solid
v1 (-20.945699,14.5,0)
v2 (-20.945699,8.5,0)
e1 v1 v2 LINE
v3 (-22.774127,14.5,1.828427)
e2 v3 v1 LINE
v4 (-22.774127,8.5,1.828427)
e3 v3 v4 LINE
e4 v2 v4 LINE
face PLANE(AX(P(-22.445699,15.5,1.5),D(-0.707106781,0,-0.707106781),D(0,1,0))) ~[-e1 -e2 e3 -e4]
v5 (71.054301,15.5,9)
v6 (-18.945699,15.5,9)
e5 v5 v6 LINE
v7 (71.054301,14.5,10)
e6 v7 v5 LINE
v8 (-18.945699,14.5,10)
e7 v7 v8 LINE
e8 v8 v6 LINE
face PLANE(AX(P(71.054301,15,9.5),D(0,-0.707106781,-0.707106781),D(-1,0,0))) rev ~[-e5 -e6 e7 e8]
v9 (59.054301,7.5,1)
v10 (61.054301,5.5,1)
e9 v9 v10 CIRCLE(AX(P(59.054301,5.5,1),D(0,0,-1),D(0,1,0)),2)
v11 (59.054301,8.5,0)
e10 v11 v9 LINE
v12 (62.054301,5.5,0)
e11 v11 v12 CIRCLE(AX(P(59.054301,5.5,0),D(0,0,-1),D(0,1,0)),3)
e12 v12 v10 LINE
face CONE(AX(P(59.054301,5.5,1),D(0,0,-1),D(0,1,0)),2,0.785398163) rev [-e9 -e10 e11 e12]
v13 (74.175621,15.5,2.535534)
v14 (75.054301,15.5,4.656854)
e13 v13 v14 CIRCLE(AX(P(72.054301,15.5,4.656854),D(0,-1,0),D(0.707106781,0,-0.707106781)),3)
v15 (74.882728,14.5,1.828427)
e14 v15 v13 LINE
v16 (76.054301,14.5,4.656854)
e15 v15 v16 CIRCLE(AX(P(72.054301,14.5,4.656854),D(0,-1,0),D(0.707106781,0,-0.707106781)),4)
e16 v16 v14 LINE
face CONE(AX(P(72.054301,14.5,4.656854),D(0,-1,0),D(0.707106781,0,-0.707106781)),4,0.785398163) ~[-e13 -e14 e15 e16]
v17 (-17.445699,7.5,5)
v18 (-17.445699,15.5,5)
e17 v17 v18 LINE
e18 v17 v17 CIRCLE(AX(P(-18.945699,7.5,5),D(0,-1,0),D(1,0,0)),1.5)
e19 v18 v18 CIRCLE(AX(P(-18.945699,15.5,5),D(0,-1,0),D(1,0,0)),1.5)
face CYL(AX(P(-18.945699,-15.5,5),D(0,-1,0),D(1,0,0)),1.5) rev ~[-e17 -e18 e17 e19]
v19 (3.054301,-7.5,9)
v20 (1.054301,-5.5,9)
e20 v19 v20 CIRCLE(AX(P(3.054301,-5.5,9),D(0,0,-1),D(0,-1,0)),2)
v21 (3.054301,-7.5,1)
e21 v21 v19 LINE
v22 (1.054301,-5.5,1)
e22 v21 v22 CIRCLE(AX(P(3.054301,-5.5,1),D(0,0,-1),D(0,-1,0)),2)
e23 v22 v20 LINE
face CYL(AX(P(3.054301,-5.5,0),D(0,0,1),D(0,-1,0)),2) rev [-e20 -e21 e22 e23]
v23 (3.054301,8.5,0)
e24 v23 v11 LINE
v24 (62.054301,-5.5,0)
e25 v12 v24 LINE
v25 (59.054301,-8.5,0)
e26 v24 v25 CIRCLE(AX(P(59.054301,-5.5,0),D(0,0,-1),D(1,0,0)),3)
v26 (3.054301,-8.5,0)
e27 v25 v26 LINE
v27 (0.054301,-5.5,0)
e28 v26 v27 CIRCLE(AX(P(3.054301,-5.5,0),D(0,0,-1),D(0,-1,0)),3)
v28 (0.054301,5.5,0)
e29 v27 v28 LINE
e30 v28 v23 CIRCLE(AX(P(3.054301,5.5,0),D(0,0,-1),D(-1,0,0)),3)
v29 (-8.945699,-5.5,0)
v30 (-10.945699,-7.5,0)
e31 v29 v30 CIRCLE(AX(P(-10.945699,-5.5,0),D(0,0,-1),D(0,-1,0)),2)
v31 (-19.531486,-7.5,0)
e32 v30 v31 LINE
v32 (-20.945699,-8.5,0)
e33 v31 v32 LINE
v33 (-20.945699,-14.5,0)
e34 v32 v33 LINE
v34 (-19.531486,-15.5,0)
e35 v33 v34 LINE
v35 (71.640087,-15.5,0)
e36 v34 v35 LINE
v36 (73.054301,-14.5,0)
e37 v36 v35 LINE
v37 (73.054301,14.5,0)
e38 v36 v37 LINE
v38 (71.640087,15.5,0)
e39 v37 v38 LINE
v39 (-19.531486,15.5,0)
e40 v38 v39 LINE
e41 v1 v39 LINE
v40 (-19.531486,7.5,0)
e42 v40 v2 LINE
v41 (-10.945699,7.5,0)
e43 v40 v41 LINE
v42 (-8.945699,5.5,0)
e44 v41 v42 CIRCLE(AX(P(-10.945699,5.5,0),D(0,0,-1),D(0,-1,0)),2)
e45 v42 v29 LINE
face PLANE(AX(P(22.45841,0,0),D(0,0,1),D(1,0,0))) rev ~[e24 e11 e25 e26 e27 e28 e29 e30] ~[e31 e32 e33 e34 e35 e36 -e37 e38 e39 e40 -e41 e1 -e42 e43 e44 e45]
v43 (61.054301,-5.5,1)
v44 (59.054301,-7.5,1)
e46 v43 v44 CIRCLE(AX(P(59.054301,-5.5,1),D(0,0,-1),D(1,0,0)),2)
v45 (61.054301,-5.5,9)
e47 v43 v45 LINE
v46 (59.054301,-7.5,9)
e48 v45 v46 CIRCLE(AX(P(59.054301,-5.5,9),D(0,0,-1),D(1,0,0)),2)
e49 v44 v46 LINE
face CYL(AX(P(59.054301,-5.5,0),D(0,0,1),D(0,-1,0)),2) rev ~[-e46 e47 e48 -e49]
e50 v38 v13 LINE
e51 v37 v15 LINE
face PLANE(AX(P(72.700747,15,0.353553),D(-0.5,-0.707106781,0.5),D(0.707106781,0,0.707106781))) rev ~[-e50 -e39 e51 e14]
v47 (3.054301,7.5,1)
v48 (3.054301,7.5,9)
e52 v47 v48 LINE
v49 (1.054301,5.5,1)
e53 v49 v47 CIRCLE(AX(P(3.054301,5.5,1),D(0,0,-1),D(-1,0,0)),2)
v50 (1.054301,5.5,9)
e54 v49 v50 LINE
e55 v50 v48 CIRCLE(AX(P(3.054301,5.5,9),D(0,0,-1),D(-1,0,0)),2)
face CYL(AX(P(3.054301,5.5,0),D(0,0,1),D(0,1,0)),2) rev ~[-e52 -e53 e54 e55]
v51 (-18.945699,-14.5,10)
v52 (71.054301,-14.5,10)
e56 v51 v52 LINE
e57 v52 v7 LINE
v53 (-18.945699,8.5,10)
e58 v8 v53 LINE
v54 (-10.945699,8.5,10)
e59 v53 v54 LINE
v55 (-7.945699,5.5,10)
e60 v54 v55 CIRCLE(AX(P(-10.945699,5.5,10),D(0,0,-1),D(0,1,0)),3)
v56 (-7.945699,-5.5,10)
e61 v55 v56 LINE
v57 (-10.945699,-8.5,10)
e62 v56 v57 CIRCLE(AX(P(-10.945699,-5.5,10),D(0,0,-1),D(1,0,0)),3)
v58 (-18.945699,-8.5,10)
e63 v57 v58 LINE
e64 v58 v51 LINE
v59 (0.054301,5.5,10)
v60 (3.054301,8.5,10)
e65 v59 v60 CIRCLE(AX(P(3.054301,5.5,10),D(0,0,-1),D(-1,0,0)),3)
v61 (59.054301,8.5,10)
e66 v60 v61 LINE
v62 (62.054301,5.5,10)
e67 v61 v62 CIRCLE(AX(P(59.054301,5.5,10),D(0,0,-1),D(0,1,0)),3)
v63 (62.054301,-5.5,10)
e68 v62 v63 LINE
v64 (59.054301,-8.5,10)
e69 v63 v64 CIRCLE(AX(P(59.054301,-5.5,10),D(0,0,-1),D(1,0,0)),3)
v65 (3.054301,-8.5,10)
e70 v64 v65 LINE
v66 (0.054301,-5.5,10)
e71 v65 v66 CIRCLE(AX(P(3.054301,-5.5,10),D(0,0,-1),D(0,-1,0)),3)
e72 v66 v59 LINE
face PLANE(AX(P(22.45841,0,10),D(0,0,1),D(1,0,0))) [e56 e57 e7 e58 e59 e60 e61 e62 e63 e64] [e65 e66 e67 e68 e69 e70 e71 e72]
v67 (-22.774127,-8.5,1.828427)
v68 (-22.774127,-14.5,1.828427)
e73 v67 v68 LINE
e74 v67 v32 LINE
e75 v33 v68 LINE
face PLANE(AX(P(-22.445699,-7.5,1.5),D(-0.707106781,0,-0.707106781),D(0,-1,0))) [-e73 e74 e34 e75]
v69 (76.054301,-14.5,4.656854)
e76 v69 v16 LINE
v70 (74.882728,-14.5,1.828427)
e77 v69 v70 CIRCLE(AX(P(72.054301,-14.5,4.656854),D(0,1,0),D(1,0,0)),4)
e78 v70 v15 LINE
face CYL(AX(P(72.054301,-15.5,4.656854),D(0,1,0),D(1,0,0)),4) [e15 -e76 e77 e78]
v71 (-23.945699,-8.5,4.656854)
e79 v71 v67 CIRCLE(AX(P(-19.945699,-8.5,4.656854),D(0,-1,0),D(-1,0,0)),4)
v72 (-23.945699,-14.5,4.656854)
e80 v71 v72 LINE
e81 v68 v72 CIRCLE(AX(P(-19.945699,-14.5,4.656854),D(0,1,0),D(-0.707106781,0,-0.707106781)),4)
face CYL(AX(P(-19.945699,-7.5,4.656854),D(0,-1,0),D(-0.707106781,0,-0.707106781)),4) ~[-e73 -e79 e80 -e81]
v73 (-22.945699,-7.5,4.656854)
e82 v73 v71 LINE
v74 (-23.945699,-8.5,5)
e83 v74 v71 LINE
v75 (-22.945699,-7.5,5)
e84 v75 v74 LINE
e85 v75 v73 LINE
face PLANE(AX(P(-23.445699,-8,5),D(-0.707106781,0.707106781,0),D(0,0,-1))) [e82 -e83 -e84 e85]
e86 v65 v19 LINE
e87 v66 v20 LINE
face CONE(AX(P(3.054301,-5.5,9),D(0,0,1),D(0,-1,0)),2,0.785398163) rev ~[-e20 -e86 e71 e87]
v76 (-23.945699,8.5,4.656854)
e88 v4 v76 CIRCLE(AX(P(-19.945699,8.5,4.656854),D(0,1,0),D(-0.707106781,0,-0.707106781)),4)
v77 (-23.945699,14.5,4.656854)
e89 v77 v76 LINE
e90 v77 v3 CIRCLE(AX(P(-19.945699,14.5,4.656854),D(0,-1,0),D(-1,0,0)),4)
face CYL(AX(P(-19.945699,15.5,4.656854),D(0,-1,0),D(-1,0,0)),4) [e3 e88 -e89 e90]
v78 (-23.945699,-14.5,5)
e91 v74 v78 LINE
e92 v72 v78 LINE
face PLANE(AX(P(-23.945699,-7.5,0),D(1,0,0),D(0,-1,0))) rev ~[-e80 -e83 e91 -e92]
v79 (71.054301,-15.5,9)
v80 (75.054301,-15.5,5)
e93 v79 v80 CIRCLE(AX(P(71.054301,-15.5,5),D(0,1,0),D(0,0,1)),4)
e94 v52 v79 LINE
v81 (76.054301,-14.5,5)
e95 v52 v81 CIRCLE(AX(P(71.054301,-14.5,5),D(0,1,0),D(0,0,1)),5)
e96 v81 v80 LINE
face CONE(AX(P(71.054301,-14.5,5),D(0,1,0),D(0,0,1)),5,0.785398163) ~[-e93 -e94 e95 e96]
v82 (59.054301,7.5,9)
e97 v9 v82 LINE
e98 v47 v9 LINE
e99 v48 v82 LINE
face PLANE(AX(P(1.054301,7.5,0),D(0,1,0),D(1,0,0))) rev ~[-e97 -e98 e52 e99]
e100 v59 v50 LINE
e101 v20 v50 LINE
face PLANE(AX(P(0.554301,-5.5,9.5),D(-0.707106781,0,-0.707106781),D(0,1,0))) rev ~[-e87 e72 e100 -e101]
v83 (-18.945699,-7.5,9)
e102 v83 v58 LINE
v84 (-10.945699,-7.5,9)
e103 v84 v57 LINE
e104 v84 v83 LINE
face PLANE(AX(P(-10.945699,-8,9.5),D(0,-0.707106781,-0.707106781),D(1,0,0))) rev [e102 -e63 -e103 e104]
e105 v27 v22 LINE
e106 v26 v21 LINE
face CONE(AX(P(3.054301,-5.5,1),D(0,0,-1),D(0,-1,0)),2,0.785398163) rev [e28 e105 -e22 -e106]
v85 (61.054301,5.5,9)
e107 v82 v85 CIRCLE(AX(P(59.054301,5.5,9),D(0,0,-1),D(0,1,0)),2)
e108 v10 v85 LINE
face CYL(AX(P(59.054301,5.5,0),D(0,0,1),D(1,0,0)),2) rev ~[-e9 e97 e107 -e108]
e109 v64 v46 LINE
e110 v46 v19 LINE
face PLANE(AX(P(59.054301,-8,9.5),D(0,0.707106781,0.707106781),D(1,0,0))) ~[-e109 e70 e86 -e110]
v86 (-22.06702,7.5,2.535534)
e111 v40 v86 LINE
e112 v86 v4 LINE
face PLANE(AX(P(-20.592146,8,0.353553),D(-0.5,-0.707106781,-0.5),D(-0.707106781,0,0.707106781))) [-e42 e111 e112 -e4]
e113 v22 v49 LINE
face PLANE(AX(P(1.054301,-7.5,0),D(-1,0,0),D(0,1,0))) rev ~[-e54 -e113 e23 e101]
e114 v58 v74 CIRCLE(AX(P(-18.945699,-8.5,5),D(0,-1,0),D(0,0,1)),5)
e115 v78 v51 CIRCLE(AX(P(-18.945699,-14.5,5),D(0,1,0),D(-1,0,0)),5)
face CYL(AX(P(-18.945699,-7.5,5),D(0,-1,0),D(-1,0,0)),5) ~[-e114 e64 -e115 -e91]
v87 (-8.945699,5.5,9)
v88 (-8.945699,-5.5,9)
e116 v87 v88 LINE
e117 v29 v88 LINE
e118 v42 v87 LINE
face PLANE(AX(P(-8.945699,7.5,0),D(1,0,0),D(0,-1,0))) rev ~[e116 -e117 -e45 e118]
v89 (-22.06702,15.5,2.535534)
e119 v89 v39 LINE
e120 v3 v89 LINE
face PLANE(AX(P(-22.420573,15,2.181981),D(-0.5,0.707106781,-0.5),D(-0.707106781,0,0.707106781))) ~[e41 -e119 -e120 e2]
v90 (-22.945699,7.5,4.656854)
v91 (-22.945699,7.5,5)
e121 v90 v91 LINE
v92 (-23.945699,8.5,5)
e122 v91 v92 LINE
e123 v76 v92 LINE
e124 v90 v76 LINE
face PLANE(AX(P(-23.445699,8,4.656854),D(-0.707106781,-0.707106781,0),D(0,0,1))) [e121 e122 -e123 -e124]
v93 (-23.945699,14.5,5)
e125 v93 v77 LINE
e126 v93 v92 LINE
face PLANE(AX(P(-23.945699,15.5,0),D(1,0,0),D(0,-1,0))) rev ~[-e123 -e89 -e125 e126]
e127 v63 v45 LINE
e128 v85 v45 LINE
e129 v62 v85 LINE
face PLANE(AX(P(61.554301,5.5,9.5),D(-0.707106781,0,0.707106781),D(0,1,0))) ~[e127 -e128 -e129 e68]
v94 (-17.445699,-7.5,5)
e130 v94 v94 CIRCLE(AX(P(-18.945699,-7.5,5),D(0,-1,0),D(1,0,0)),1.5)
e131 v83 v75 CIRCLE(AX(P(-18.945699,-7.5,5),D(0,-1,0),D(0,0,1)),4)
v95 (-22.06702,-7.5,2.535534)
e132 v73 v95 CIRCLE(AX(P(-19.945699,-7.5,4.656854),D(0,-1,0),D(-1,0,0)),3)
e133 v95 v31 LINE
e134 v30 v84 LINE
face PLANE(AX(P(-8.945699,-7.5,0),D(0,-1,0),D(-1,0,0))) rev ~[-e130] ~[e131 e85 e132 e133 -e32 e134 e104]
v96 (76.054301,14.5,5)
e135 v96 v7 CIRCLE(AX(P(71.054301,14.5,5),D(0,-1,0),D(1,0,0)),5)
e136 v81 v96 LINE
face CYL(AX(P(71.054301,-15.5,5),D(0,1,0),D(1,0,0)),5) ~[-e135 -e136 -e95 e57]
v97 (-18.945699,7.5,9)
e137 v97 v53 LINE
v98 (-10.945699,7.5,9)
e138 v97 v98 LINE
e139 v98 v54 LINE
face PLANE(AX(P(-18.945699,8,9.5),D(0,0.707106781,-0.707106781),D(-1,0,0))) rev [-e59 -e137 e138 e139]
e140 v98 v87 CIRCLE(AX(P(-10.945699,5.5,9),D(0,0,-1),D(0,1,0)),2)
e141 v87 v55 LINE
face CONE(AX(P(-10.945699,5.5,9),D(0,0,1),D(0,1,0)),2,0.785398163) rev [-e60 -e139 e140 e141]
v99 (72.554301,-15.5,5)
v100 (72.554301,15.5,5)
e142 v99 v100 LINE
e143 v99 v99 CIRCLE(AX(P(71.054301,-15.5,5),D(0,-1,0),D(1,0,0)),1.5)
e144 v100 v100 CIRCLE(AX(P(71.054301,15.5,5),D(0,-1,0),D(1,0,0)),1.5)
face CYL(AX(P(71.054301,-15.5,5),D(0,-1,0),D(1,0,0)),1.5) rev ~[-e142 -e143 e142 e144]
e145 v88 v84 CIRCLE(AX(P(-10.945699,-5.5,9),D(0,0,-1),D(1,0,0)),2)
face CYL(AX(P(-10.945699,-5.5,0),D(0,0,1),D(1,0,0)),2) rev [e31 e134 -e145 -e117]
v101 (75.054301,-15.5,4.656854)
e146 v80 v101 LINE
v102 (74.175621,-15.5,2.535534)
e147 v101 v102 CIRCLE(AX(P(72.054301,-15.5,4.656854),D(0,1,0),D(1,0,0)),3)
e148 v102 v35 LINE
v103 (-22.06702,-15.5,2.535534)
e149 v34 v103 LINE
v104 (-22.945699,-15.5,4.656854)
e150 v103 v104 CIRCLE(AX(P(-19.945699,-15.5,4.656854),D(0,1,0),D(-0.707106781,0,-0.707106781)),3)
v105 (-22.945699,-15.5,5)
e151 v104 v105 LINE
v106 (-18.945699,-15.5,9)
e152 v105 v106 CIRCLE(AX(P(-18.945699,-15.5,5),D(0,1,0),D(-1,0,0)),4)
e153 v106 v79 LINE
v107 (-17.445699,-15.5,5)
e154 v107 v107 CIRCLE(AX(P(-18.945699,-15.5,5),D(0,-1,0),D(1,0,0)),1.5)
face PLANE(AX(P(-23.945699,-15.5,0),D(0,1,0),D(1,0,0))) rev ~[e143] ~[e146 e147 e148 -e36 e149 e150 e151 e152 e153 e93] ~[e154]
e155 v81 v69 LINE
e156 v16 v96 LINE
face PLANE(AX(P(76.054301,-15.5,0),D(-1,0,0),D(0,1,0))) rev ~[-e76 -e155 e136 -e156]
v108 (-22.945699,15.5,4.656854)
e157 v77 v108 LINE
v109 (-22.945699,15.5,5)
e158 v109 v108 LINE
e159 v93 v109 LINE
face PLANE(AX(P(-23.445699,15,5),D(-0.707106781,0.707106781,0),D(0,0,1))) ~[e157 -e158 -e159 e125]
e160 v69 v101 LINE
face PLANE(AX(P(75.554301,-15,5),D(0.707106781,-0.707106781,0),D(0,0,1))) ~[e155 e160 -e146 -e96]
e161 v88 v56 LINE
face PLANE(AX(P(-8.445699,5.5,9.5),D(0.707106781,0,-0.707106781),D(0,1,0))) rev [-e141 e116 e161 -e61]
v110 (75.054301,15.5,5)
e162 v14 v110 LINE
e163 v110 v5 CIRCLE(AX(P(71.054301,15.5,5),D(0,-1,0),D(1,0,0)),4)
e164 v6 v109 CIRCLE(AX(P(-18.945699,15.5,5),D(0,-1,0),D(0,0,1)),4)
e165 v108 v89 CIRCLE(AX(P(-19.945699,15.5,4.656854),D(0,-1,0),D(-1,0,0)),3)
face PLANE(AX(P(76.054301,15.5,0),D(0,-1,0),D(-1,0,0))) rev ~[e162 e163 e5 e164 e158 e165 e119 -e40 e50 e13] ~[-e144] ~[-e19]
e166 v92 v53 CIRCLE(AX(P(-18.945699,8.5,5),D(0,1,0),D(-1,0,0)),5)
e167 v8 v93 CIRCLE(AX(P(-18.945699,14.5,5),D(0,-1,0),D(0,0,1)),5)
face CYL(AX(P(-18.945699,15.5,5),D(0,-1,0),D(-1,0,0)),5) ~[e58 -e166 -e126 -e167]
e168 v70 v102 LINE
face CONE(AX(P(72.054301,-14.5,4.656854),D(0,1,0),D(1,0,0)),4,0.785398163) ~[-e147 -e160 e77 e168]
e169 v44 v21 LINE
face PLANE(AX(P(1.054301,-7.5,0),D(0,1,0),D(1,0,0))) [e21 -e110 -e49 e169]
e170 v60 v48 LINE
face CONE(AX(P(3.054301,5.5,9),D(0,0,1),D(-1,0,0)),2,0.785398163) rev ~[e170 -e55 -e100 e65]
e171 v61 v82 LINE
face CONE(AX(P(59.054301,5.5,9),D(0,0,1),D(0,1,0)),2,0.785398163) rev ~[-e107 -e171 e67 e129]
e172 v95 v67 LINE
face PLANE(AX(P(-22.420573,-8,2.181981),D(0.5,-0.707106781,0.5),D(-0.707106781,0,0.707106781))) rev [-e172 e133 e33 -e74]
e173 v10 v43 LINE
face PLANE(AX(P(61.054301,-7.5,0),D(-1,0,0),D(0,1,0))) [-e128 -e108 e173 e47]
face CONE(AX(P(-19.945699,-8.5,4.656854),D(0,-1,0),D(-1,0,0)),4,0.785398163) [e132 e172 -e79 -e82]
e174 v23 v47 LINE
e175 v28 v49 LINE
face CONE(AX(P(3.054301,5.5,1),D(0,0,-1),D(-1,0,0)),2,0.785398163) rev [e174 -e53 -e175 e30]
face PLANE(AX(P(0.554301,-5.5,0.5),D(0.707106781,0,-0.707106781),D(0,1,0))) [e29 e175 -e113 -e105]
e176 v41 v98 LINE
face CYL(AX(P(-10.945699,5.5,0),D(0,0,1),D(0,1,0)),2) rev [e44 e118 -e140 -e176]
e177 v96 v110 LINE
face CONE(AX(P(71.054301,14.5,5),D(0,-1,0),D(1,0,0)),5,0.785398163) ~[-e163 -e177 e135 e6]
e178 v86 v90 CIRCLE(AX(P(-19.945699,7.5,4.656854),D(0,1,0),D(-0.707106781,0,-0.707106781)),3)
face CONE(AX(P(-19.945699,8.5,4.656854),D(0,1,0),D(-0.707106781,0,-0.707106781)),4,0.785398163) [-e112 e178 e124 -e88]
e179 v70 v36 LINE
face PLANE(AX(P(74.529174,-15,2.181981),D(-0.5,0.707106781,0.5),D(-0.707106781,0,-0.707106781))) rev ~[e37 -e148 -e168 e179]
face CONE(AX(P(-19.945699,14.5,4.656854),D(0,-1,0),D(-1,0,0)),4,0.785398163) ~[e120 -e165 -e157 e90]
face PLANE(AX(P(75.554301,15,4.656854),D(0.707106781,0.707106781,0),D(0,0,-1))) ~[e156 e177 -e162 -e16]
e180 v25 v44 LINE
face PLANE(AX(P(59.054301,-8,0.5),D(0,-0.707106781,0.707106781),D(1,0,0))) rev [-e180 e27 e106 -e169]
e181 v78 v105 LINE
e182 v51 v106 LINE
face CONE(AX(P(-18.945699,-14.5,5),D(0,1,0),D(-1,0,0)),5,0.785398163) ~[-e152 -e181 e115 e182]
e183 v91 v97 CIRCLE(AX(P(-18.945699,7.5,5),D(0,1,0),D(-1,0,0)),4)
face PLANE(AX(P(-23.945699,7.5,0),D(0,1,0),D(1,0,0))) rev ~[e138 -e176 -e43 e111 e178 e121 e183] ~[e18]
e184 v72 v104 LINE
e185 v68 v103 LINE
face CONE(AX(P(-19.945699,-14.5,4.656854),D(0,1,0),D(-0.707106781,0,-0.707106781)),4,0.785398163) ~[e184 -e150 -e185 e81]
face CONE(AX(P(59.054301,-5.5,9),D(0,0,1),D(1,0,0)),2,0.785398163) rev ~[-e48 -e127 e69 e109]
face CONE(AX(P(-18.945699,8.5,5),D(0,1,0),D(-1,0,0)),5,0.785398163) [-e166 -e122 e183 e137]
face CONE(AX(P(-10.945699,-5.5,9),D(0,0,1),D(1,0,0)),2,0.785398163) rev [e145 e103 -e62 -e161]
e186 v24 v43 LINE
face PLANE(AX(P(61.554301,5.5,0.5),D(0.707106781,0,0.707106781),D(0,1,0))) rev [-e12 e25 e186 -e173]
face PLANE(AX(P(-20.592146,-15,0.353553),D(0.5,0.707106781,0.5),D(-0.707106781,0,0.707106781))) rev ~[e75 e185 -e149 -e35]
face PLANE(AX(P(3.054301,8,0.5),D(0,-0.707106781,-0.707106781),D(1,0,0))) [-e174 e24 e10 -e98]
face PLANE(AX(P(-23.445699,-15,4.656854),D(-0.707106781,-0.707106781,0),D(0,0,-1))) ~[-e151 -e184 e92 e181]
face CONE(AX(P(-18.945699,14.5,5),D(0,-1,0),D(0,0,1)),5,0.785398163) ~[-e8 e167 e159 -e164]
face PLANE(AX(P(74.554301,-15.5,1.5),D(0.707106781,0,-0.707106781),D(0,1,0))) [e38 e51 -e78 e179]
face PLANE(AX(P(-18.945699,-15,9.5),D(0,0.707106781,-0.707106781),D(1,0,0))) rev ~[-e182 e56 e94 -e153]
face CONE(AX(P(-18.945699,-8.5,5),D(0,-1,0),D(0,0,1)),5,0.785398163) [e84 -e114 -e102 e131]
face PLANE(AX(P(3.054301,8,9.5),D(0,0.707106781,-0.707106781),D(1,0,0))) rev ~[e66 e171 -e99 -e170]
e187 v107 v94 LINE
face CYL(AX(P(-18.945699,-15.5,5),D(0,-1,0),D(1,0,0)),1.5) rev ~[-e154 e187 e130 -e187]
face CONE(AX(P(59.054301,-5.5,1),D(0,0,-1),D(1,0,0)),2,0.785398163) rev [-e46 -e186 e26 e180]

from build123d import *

# Parameters (mm, degrees)
F0_W     = 60
F0_H     = 15
F1_DEPTH = 10
F2_R     = 5
F3_SIZE  = 3
F4_R     = 4
F5_R     = 2
F6_R     = 1.5
F7_DEPTH = 31.001
F8_SIZE  = 1


with BuildPart() as f1:
    # F0 (on Top) → F1 (new body)
    with BuildSketch(Plane.XY):
        Polygon((-23.9456994958, 15.5), (-23.9456994958, 7.5), (-8.9456994958, 7.5), (-8.9456994958, -7.5), (-23.9456994958, -7.5), (-23.9456994958, -15.5), (76.0543005042, -15.5), (76.0543005042, 15.5), align=None)
        with Locations((31.0543005042, 0)):
            Rectangle(F0_W, F0_H, mode=Mode.SUBTRACT)
    extrude(amount=F1_DEPTH)

    # F2
    f2_edges = [f1.edges().sort_by_distance(p)[0] for p in [
        (-23.945699, 11.5, 10),
        (-23.945699, -11.5, 10),
        (76.054301, 0, 10),
    ]]
    fillet(f2_edges, radius=F2_R)

    # F3
    f3_edges = [f1.edges().sort_by_distance(p)[0] for p in [
        (-23.945699, 11.5, 0),
        (-23.945699, -11.5, 0),
        (76.054301, 0, 0),
    ]]
    chamfer(f3_edges, length=F3_SIZE)

    # F4
    f4_edges = [f1.edges().sort_by_distance(p)[0] for p in [
        (76.054301, 0, 3),
        (-23.945699, -11.5, 3),
        (-23.945699, 11.5, 3),
    ]]
    fillet(f4_edges, radius=F4_R)

    # F5
    f5_edges = [f1.edges().sort_by_distance(p)[0] for p in [
        (-8.945699, 7.5, 5),
        (-8.945699, -7.5, 5),
        (1.054301, 7.5, 5),
        (1.054301, -7.5, 5),
        (61.054301, 7.5, 5),
        (61.054301, -7.5, 5),
    ]]
    fillet(f5_edges, radius=F5_R)

    # F6 (on face) → F7 (cut, through all)
    with BuildSketch(Plane.XZ.offset(15.5)):
        with Locations((-18.9456994958, 5)):
            Circle(F6_R)
        with Locations((71.0543005042, 5)):
            Circle(F6_R)
    extrude(amount=-F7_DEPTH, mode=Mode.SUBTRACT)

    # F8
    f8_edges = [f1.edges().sort_by_distance(p)[0] for p in [
        (-14.945699, 7.5, 10),
        (26.054301, 15.5, 10),
        (31.054301, 7.5, 10),
        (31.054301, 7.5, 0),
        (26.054301, -15.5, 10),
    ]]
    chamfer(f8_edges, length=F8_SIZE)


solid = f1.part
